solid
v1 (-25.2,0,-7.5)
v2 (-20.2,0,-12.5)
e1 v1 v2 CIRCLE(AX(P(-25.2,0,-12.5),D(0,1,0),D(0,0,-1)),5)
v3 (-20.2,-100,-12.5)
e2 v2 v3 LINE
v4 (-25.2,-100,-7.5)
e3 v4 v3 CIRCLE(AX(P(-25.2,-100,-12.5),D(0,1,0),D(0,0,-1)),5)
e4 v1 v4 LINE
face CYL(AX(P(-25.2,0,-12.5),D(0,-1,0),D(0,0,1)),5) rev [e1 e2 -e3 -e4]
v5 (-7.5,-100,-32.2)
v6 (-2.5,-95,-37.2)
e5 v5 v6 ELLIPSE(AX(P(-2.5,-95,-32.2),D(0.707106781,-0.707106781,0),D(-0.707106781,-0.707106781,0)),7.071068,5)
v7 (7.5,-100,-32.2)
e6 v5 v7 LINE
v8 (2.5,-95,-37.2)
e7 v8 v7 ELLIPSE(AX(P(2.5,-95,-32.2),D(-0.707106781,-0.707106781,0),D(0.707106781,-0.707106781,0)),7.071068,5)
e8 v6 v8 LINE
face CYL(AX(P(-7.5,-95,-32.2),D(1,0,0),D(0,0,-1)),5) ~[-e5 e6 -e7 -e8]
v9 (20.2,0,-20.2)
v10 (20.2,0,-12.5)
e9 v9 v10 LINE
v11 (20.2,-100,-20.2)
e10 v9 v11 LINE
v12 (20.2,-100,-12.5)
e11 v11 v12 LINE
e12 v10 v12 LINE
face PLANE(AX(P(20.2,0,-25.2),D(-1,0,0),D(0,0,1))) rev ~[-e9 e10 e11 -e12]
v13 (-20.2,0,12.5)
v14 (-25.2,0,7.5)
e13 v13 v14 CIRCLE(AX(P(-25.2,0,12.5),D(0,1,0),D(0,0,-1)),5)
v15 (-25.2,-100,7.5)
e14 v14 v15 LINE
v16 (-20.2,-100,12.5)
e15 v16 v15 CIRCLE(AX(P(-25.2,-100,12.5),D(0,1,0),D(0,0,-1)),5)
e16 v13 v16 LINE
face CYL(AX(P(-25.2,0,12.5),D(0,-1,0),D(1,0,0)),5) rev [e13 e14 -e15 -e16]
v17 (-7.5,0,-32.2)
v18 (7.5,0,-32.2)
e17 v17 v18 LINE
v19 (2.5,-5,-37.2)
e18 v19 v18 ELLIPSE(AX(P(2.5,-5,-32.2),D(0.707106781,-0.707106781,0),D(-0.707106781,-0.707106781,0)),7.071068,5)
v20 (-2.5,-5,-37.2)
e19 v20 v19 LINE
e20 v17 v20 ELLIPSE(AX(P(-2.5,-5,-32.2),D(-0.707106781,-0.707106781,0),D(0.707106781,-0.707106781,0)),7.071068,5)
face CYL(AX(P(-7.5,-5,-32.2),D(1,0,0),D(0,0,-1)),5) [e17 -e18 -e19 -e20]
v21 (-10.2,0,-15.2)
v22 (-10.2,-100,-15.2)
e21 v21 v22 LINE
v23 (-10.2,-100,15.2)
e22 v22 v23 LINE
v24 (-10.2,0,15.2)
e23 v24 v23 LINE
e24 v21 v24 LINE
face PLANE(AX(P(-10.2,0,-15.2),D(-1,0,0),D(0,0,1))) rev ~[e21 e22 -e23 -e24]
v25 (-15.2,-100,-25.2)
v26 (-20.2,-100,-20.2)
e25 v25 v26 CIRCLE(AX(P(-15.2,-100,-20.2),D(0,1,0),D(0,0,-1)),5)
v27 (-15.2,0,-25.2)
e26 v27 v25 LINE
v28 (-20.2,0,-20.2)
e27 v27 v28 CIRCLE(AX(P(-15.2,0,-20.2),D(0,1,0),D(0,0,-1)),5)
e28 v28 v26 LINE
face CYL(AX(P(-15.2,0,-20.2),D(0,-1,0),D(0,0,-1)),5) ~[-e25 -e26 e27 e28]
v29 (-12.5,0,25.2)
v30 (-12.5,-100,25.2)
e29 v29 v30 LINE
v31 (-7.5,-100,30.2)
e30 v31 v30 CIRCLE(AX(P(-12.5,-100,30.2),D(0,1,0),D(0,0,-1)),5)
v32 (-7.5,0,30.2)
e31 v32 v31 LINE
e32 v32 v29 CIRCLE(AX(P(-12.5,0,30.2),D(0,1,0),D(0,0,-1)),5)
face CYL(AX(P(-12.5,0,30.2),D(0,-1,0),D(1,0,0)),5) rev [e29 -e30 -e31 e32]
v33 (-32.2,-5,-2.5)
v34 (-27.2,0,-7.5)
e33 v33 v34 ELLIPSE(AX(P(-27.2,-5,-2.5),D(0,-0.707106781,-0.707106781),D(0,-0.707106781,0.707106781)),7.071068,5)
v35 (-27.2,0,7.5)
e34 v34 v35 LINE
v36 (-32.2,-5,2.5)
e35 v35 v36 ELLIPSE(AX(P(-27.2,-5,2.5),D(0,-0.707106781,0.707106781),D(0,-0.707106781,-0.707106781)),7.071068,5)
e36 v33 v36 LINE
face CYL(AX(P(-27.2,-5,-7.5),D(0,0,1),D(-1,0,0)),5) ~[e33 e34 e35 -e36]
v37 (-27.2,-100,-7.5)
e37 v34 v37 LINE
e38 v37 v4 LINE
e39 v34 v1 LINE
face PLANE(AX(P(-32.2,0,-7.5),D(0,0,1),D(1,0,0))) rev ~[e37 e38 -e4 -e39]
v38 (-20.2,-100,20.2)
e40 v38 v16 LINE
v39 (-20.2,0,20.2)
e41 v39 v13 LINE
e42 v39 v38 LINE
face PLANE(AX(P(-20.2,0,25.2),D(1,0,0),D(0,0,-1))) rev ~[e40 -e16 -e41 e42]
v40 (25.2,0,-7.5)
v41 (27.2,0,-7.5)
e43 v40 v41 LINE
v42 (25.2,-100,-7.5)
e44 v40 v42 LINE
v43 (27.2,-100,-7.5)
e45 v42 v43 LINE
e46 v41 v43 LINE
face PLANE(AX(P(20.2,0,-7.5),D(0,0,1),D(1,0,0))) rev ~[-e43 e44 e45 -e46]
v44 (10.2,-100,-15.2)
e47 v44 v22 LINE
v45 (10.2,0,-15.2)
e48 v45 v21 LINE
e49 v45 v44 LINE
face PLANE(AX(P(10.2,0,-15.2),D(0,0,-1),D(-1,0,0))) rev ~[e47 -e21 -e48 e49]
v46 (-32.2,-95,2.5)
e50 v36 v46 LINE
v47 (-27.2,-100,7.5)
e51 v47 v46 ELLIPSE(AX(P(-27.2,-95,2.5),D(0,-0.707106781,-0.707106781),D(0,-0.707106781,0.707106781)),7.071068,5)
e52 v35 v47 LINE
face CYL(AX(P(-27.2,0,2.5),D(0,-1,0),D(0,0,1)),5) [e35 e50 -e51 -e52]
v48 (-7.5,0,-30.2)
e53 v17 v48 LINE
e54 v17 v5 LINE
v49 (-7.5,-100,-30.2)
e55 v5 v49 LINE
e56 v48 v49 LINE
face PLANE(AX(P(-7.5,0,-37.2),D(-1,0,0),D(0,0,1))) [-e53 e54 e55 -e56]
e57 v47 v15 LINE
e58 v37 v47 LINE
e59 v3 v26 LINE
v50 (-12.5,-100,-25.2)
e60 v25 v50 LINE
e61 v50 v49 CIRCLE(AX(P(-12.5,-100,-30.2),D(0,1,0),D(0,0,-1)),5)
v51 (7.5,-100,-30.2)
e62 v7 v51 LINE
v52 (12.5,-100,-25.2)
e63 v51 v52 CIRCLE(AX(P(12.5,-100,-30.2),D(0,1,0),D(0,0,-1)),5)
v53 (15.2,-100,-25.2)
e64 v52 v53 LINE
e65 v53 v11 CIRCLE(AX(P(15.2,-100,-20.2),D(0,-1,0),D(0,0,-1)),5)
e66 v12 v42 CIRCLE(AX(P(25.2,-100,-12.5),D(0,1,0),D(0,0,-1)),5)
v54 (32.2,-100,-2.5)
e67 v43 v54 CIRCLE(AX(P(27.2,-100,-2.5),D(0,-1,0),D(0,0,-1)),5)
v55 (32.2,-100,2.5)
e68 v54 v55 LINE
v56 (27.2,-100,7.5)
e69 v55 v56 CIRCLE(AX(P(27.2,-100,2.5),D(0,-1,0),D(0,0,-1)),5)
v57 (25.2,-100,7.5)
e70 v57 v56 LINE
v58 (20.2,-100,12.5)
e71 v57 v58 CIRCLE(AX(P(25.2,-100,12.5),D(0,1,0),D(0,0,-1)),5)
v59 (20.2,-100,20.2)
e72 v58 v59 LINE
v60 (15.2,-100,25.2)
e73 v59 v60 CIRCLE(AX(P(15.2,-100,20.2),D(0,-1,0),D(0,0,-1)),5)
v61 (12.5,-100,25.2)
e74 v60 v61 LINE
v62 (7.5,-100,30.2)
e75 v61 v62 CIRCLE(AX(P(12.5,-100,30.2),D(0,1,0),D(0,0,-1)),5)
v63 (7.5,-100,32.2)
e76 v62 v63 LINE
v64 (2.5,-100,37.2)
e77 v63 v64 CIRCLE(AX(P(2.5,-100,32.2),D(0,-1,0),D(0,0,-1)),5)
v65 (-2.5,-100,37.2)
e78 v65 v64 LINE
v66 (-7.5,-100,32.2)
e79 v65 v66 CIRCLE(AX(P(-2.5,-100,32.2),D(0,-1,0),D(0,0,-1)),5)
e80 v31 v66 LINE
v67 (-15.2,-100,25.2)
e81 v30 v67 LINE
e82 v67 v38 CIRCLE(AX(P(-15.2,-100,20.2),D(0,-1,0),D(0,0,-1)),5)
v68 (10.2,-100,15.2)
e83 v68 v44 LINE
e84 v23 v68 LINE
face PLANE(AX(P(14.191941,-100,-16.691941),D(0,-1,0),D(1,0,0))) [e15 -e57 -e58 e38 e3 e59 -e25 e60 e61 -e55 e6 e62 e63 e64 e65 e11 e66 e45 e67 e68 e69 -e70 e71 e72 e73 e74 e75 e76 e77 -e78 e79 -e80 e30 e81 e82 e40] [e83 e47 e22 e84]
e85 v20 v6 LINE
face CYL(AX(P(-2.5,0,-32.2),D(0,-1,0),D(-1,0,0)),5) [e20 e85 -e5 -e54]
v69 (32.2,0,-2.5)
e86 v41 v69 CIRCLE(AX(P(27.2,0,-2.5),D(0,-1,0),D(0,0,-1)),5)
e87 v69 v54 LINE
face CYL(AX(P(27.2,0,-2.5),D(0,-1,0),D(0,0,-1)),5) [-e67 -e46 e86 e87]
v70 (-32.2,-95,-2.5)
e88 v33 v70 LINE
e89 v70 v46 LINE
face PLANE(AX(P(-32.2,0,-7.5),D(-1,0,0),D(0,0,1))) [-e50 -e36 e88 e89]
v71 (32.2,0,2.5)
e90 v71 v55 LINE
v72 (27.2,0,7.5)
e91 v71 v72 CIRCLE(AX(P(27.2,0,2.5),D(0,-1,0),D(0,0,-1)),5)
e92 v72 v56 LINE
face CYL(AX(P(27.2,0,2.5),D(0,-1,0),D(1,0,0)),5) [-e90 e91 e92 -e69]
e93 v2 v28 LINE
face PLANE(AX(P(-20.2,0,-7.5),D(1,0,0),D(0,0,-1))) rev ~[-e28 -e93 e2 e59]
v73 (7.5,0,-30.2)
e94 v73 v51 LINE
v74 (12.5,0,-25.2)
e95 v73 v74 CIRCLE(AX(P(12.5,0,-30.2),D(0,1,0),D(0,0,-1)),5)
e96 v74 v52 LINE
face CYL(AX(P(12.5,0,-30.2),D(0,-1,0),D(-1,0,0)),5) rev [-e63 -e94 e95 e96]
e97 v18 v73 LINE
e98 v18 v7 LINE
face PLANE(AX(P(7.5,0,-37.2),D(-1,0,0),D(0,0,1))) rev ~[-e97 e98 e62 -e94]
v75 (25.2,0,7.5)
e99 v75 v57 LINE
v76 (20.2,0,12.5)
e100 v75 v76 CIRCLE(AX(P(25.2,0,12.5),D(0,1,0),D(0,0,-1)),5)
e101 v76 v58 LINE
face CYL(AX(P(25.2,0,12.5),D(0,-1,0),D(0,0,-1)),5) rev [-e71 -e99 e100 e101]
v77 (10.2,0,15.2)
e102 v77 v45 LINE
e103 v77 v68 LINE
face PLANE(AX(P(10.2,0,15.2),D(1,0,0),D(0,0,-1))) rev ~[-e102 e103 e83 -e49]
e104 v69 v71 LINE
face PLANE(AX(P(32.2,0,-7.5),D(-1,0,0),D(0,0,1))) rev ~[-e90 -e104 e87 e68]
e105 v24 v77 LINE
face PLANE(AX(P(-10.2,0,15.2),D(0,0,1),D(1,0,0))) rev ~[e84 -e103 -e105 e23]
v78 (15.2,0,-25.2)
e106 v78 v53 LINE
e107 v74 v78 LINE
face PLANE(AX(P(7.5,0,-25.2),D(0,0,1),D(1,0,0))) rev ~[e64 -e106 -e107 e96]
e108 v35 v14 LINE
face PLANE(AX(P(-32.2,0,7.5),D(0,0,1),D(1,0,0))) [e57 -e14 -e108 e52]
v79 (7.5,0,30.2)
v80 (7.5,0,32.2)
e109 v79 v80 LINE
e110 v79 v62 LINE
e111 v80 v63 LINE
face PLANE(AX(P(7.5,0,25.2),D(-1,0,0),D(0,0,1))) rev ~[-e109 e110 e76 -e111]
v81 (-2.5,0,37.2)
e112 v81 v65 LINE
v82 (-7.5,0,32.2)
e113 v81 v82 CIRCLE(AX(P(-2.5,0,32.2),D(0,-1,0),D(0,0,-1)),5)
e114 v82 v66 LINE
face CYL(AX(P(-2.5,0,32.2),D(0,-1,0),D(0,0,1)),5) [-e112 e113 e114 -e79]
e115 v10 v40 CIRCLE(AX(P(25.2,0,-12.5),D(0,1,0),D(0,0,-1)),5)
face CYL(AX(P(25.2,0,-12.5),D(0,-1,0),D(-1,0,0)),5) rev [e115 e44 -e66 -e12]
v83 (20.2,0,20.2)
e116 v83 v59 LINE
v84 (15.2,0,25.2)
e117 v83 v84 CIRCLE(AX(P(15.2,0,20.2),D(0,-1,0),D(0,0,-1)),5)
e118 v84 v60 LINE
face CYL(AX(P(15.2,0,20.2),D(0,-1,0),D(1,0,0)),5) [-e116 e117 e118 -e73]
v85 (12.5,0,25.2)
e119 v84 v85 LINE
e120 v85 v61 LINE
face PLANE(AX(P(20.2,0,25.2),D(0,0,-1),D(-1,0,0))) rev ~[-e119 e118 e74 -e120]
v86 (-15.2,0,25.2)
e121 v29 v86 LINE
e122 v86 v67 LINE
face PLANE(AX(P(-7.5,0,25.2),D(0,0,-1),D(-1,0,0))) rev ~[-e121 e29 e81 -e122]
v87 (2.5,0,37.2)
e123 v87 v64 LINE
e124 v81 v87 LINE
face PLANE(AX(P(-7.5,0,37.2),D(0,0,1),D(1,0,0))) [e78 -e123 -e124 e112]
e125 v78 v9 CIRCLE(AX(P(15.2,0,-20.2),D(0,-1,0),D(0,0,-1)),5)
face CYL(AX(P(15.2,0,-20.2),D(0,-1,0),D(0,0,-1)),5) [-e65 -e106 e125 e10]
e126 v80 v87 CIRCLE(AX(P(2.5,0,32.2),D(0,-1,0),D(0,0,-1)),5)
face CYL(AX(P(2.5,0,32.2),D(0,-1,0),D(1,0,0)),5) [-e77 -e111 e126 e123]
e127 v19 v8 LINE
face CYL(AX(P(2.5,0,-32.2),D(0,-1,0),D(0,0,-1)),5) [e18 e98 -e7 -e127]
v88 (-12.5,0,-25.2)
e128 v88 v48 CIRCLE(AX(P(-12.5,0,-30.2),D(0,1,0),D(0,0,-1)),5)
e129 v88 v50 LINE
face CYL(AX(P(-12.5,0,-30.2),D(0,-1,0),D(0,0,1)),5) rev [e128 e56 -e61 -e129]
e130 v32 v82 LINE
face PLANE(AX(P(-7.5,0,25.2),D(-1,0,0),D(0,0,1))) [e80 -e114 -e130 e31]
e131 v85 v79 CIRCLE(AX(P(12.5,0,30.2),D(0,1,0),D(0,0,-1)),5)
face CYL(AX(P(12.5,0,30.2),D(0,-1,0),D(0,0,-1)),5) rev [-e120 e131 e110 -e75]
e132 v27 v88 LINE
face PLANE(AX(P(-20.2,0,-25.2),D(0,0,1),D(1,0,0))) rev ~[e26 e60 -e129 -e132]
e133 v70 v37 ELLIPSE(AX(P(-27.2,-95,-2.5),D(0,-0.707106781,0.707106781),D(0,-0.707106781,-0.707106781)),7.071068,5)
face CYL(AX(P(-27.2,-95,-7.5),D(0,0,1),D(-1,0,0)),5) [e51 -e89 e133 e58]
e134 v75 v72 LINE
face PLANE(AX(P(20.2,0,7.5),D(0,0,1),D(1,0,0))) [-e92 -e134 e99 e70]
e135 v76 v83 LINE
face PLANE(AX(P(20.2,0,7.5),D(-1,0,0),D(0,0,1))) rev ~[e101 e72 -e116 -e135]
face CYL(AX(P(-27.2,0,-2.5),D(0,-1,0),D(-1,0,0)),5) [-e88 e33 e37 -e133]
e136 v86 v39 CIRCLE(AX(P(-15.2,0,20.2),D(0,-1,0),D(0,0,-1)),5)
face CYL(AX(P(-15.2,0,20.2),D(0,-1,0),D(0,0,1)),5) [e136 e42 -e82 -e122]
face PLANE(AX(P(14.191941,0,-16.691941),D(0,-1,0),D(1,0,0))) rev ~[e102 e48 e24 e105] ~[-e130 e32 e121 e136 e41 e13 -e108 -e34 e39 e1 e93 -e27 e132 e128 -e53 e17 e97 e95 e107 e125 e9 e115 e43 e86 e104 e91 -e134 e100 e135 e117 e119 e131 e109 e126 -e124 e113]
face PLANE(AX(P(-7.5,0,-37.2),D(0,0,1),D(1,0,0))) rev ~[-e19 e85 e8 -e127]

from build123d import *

# Parameters (mm, degrees)
F0_W     = 15
F0_H     = 10
F0_W_2   = 10
F0_H_2   = 15
F0_H_3   = 12
F0_W_3   = 12
F1_DEPTH = 100
F2_R     = 5


with BuildPart() as f1:
    # F0 (on Front) → F1 (new body)
    with BuildSketch(Plane.XZ):
        Polygon((10.2, -7.5), (10.2, -15.2), (7.5, -15.2), (7.5, -25.2), (20.2, -25.2), (20.2, -7.5), align=None)
        with Locations((0, -20.2)):
            Rectangle(F0_W, F0_H)
        with Locations((15.2, 0)):
            Rectangle(F0_W_2, F0_H_2)
        Polygon((-7.5, -25.2), (-7.5, -15.2), (-10.2, -15.2), (-10.2, -7.5), (-20.2, -7.5), (-20.2, -25.2), align=None)
        with Locations((0, -31.2)):
            Rectangle(F0_W, F0_H_3)
        Polygon((10.2, 15.2), (10.2, 7.5), (20.2, 7.5), (20.2, 25.2), (7.5, 25.2), (7.5, 15.2), align=None)
        with Locations((26.2, 0)):
            Rectangle(F0_W_3, F0_H_2)
        with Locations((-15.2, 0)):
            Rectangle(F0_W_2, F0_H_2)
        with Locations((0, 20.2)):
            Rectangle(F0_W, F0_H)
        Polygon((-20.2, 7.5), (-10.2, 7.5), (-10.2, 15.2), (-7.5, 15.2), (-7.5, 25.2), (-20.2, 25.2), align=None)
        with Locations((-26.2, 0)):
            Rectangle(F0_W_3, F0_H_2)
        with Locations((0, 31.2)):
            Rectangle(F0_W, F0_H_3)
    extrude(amount=F1_DEPTH)

    # F2
    f2_edges = [f1.edges().sort_by_distance(p)[0] for p in [
        (-20.2, -50, 25.2),
        (20.2, -50, 25.2),
        (20.2, -50, -25.2),
        (-20.2, -50, -25.2),
        (32.2, -50, 7.5),
        (32.2, -50, -7.5),
        (20.2, -50, 7.5),
        (20.2, -50, -7.5),
        (7.5, -50, 25.2),
        (7.5, -50, 37.2),
        (-7.5, -50, 37.2),
        (-7.5, -50, 25.2),
        (-20.2, -50, 7.5),
        (-32.2, -50, 7.5),
        (-32.2, -50, -7.5),
        (-32.2, 0, 0),
        (-32.2, -100, 0),
        (-20.2, -50, -7.5),
        (-7.5, -50, -25.2),
        (-7.5, -50, -37.2),
        (7.5, -50, -37.2),
        (0, 0, -37.2),
        (0, -100, -37.2),
        (7.5, -50, -25.2),
    ]]
    fillet(f2_edges, radius=F2_R)


solid = f1.part
